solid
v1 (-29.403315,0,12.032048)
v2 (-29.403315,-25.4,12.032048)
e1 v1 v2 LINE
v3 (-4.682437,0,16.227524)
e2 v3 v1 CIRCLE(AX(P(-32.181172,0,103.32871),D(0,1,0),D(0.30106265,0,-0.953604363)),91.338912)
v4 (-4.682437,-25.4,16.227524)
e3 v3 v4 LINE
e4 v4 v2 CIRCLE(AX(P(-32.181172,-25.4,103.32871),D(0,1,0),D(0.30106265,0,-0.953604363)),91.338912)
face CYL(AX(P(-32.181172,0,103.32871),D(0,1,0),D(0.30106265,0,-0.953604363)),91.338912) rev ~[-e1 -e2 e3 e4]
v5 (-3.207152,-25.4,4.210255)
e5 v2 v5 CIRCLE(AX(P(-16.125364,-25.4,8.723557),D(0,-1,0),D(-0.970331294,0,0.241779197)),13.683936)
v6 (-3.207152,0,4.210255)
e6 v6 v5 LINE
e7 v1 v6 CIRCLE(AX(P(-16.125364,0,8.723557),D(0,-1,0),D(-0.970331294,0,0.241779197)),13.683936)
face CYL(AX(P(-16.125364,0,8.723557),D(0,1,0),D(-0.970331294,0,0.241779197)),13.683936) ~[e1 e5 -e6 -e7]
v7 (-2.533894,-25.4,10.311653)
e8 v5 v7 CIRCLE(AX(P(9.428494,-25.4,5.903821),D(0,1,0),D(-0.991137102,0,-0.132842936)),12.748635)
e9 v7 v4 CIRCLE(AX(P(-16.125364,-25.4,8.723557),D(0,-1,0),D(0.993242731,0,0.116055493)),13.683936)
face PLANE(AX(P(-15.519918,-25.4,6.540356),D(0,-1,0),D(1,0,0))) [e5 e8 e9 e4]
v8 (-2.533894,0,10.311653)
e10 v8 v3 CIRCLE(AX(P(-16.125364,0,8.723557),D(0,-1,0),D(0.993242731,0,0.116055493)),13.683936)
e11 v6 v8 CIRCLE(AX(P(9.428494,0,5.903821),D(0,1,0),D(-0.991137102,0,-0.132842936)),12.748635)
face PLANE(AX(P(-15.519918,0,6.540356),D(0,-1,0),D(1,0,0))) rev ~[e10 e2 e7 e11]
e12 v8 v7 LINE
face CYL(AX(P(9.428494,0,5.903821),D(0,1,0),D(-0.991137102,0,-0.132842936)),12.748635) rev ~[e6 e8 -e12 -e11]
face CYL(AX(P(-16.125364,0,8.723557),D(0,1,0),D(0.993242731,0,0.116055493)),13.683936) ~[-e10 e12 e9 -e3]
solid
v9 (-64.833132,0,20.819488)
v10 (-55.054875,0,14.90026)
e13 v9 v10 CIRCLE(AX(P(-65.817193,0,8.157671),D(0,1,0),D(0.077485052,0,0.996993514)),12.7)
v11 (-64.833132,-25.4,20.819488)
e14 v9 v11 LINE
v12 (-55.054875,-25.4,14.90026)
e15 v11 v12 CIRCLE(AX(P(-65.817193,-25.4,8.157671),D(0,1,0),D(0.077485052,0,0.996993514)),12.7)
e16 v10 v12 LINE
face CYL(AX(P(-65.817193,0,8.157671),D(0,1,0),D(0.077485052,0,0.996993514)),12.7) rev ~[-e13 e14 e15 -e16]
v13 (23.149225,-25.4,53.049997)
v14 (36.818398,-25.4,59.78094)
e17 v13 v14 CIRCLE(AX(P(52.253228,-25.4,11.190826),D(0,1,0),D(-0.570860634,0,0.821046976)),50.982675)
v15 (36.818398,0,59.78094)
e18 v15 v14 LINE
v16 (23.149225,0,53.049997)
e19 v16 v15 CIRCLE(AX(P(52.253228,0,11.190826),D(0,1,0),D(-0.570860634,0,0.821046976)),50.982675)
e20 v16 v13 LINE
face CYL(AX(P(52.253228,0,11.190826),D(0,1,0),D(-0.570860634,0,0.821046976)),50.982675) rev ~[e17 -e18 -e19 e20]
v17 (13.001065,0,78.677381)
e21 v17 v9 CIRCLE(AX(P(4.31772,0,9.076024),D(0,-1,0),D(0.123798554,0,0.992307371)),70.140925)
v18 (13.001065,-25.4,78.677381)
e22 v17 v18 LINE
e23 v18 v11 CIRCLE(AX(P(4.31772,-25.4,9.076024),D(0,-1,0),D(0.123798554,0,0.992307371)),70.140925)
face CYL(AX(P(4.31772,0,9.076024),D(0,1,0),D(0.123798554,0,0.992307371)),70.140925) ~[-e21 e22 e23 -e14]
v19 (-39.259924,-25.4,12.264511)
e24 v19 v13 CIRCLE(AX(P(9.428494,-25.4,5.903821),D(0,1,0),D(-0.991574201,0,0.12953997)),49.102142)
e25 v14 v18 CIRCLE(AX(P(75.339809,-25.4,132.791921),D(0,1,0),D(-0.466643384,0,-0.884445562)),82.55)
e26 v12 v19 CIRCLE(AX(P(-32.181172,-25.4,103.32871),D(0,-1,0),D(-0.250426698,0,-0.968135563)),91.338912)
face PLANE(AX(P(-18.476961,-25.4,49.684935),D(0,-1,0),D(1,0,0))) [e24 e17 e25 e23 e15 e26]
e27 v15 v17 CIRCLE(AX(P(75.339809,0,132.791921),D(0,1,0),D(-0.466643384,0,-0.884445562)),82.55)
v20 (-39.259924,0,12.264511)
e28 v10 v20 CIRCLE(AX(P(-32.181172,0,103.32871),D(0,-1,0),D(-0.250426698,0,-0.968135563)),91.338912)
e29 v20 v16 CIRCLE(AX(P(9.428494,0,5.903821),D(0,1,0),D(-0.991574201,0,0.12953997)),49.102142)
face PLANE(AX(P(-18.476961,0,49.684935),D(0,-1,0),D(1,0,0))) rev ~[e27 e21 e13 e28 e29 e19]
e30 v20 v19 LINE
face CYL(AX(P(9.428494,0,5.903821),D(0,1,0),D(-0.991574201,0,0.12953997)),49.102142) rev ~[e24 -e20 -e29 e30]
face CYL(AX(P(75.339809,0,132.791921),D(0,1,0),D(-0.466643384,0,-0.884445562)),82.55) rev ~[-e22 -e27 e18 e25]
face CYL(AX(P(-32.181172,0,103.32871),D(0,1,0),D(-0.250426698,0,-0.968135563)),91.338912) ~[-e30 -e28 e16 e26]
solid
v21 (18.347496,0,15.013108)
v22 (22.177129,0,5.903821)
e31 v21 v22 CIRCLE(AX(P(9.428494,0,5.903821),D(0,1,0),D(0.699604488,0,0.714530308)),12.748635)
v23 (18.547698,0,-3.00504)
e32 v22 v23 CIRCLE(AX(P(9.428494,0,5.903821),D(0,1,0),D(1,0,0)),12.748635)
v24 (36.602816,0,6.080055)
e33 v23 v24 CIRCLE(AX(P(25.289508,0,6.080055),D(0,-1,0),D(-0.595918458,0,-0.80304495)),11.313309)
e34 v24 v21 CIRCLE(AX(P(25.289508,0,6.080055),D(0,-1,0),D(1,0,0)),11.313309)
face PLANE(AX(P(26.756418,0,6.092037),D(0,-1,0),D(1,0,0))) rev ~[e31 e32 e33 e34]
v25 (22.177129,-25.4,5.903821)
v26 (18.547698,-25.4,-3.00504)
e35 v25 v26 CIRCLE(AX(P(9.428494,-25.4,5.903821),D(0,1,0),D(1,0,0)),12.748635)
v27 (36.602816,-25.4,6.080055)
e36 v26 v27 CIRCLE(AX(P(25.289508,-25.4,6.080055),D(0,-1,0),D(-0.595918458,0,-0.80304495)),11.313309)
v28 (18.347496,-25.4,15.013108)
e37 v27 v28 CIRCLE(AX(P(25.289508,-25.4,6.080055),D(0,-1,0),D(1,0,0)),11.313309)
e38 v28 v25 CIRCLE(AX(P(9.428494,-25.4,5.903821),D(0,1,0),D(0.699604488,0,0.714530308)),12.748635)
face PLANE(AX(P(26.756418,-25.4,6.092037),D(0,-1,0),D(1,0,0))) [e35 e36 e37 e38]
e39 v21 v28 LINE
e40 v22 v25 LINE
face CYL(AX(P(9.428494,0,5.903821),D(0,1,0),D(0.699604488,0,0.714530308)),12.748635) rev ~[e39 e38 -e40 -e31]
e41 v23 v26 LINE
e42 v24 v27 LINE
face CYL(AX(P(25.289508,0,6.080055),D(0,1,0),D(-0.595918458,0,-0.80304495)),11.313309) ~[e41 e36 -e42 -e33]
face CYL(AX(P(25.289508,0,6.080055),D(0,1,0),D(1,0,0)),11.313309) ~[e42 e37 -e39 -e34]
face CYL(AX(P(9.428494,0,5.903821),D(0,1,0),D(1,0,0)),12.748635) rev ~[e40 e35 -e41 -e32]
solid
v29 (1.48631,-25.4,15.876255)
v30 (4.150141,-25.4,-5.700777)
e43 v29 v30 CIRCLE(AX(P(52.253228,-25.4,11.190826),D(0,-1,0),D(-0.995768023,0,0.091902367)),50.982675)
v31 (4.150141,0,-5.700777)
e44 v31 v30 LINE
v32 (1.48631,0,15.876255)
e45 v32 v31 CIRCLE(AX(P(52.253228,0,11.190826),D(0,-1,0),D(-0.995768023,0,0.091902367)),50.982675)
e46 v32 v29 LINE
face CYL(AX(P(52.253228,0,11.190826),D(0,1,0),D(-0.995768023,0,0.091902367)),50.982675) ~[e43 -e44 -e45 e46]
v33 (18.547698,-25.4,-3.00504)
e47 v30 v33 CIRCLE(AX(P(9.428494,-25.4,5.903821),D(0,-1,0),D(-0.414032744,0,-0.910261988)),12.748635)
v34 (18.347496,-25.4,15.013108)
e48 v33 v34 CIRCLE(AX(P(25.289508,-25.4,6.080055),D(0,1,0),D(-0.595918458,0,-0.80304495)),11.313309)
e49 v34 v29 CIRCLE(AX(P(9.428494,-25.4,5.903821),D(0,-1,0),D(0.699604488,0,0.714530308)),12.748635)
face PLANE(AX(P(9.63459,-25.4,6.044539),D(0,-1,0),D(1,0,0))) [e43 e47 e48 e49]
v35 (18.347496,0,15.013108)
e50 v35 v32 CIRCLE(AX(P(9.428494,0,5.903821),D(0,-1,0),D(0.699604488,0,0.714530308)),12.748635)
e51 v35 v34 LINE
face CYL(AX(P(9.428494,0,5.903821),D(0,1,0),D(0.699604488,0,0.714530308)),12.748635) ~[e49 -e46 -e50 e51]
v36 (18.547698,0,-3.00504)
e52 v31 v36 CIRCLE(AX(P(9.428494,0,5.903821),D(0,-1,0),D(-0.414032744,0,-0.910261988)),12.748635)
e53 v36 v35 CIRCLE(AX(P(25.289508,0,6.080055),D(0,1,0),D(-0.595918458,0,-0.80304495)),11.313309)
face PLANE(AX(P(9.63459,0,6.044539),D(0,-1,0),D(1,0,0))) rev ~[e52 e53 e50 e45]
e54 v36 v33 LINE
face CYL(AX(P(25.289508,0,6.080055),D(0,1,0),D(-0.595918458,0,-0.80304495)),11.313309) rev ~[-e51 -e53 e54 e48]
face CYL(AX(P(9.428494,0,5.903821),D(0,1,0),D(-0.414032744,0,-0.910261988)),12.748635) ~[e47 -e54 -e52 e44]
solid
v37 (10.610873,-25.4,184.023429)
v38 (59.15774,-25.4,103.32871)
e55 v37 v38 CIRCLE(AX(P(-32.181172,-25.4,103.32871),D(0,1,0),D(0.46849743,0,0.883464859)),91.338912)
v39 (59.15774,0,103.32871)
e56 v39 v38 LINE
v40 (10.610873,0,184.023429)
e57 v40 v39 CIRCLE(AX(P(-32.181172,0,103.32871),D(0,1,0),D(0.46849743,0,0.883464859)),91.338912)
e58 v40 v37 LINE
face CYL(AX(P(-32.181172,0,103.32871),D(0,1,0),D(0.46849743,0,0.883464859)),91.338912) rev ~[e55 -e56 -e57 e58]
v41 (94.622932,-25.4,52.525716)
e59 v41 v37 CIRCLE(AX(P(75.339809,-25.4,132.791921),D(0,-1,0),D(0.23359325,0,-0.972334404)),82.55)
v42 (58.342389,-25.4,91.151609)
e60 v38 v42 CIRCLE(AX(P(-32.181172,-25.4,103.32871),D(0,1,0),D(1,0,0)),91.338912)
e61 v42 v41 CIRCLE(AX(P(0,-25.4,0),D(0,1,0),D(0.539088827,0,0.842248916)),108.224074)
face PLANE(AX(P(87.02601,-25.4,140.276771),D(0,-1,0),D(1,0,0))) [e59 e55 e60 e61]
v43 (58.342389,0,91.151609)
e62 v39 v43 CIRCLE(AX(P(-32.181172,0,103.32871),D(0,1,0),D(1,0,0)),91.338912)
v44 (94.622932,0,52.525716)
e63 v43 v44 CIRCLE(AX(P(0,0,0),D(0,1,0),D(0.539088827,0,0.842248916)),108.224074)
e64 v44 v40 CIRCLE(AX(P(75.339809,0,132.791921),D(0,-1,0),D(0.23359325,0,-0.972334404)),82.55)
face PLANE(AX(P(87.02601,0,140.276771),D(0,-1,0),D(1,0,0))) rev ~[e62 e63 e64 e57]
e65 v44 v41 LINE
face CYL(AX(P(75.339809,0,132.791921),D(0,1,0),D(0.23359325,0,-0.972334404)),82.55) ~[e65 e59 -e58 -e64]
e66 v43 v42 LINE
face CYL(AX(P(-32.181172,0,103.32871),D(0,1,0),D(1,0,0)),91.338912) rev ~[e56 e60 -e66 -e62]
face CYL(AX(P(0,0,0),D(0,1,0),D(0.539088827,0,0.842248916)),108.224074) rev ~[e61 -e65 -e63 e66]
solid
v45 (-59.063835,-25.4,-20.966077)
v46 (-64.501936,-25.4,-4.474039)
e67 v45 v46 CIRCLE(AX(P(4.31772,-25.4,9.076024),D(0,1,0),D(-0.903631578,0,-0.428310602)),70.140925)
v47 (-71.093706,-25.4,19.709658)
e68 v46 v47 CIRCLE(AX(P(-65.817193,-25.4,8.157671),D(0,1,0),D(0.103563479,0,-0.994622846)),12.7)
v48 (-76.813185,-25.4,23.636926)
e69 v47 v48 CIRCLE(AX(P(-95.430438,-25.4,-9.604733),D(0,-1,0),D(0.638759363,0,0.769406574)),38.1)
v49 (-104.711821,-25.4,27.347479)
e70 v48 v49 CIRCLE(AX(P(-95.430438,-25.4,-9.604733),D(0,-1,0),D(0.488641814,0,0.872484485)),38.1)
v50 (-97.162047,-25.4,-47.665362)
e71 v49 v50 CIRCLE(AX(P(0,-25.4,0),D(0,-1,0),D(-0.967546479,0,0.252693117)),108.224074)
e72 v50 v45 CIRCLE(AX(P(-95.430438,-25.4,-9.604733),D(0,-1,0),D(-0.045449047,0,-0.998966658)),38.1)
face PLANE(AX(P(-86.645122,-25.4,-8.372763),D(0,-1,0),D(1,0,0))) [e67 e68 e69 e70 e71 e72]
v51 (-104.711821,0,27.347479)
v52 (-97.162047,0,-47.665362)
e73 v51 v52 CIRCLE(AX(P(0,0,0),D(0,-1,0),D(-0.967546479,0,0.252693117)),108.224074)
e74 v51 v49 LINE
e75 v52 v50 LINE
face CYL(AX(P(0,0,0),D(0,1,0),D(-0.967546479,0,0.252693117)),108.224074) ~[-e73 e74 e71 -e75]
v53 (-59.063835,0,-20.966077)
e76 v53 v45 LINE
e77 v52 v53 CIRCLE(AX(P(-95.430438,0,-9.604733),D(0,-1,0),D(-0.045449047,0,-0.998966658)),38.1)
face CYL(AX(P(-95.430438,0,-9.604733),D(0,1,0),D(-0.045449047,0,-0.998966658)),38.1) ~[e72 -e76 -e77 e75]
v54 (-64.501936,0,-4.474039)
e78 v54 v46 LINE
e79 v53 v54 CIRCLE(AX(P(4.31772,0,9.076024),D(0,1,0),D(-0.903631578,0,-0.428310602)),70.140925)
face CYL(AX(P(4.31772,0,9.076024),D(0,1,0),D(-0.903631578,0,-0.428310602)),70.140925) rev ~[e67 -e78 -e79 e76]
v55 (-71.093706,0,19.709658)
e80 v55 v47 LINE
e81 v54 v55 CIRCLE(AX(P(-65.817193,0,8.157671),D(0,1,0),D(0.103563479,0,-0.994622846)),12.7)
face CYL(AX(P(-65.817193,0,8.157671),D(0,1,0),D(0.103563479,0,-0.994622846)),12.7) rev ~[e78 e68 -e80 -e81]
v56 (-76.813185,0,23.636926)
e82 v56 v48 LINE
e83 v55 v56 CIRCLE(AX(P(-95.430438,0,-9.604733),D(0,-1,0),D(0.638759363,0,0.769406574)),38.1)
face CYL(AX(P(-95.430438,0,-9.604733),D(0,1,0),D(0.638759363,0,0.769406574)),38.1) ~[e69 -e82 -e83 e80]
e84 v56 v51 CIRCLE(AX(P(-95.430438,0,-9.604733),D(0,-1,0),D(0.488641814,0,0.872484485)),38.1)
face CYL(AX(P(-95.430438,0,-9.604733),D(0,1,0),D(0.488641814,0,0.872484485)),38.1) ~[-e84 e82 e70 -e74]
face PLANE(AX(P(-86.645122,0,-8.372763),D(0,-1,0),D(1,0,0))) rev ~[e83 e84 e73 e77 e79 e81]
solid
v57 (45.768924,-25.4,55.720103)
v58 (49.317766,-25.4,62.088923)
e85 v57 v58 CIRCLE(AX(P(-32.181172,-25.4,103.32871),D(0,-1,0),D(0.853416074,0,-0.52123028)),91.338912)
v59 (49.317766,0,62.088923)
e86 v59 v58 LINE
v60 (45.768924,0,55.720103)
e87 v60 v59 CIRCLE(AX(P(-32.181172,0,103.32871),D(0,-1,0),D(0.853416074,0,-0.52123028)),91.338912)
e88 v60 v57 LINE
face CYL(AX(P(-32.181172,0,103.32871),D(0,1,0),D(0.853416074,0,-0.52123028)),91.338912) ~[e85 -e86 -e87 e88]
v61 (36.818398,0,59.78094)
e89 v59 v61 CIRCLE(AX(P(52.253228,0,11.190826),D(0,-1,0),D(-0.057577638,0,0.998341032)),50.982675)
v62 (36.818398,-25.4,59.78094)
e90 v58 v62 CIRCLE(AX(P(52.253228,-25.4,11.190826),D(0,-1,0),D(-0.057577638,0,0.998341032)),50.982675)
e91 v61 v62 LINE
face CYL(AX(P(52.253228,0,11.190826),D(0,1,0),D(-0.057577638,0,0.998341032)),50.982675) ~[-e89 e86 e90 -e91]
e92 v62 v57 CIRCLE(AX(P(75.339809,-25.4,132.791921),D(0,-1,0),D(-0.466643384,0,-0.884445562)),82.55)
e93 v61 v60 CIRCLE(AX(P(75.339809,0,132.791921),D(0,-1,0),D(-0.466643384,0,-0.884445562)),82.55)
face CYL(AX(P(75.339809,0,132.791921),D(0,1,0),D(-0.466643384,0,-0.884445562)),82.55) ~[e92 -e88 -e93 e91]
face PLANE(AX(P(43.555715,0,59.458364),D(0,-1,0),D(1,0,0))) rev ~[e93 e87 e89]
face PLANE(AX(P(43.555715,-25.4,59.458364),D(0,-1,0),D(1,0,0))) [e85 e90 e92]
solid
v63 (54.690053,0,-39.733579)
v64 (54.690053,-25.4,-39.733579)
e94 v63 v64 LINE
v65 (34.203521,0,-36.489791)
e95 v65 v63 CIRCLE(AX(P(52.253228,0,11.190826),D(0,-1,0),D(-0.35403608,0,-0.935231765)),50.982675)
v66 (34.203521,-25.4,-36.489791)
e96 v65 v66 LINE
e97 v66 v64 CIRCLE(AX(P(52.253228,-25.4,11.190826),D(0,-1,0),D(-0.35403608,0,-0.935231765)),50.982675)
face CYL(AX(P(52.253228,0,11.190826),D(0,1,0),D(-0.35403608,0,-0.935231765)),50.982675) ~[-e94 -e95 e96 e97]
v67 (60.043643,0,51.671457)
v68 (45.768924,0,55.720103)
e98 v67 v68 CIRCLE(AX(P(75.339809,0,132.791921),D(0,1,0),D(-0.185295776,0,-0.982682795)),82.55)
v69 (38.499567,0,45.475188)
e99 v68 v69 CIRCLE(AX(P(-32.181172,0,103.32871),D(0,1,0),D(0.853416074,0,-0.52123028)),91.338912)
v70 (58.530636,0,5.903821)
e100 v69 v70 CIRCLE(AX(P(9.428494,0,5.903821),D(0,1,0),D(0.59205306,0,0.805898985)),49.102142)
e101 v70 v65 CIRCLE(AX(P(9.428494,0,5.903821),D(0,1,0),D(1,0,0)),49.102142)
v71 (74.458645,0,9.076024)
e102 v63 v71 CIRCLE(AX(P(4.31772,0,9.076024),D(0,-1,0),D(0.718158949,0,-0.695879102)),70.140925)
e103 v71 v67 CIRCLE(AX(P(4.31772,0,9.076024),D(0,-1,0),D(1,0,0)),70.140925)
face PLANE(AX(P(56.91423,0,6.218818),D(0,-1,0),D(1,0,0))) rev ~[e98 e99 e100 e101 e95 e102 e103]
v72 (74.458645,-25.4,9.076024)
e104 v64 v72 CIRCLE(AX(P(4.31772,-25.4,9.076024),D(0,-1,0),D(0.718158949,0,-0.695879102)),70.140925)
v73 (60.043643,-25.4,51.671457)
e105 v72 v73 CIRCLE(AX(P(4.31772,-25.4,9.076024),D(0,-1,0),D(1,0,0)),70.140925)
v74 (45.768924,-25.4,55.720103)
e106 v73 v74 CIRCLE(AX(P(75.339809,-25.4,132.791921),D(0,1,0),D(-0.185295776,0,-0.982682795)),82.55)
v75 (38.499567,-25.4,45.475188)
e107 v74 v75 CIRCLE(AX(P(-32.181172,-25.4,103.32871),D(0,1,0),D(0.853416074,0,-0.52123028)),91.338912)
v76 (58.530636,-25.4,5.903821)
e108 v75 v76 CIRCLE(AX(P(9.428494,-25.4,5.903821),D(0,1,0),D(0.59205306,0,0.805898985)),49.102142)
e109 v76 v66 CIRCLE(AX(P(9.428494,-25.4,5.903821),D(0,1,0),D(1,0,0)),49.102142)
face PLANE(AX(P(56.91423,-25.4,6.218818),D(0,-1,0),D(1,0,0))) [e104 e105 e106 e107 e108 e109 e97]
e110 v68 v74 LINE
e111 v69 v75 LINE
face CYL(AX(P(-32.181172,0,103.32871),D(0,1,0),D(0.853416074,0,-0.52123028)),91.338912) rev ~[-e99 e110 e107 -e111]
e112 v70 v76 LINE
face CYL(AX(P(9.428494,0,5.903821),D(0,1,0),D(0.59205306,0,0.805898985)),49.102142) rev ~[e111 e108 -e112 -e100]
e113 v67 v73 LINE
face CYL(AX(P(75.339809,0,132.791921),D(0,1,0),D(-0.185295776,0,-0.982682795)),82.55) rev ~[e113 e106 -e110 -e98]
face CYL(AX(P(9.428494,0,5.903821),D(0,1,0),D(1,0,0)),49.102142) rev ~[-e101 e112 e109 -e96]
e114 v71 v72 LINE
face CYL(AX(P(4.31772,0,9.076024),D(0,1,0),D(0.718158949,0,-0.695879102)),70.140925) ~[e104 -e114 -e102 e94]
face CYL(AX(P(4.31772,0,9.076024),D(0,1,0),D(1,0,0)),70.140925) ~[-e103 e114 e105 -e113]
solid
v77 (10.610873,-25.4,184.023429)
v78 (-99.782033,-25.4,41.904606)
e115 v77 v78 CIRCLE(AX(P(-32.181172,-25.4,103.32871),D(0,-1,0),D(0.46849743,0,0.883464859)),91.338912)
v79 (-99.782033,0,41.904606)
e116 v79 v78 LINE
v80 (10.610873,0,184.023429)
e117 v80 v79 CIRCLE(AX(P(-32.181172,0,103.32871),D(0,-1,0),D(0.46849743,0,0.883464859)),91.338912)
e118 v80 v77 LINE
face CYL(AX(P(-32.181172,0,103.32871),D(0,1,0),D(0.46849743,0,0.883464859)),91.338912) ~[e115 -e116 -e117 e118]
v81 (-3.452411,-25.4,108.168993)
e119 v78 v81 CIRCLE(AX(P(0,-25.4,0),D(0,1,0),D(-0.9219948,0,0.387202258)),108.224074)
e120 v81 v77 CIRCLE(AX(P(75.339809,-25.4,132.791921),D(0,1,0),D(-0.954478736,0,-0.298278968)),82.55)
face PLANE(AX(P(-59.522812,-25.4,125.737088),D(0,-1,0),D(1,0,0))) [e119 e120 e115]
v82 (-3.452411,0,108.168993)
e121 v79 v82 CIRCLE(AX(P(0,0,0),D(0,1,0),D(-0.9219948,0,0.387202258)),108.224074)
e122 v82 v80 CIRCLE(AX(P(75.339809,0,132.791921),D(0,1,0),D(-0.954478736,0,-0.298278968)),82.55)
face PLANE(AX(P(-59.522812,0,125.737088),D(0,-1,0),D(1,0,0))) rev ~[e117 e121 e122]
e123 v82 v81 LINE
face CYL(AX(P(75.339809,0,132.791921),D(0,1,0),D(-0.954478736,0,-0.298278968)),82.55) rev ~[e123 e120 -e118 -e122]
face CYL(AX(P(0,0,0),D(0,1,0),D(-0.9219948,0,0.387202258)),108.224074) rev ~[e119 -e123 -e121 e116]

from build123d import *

# Parameters (mm, degrees)
F1_DEPTH = 25.4


with BuildPart() as f1:
    # F0 (on Front) → F1 (new body)
    with BuildSketch(Plane.XZ):
        with BuildLine():
            ThreePointArc((-99.7820331485, 41.9046056954), (-61.3357957407, 89.1648488956), (-3.4524105865, 108.1689926868))
            ThreePointArc((-3.4524105865, 108.1689926868), (-5.8270215594, 147.8401143177), (10.6108733792, 184.0234292394))
            ThreePointArc((10.6108733792, 184.0234292394), (-104.3151403106, 159.3598404599), (-99.7820331485, 41.9046056954))
        make_face()
    extrude(amount=F1_DEPTH)


with BuildPart() as f1b:
    # F0 (on Front) → F1, piece 2 (new body)
    with BuildSketch(Plane.XZ):
        with BuildLine():
            ThreePointArc((58.3423888694, 91.1516087556), (78.8833773673, 74.0936089879), (94.6229318461, 52.5257164309))
            ThreePointArc((94.6229318461, 52.5257164309), (140.1716079168, 81.6906460034), (157.8898090601, 132.7919214964))
            ThreePointArc((157.8898090601, 132.7919214964), (102.4611001387, 210.7594664765), (10.6108733792, 184.0234292394))
            ThreePointArc((10.6108733792, 184.0234292394), (46.0856017069, 150.4148967438), (59.157740084, 103.3287097598))
            ThreePointArc((59.157740084, 103.3287097598), (58.9536743226, 97.2265260017), (58.3423888694, 91.1516087556))
        make_face()
    extrude(amount=F1_DEPTH)


with BuildPart() as f1c:
    # F0 (on Front) → F1, piece 3 (new body)
    with BuildSketch(Plane.XZ):
        with BuildLine():
            ThreePointArc((74.4586447254, 9.0760244057), (70.7572303544, 31.5602585606), (60.0436427222, 51.6714567827))
            ThreePointArc((60.0436427222, 51.6714567827), (52.8151344484, 53.3744074731), (45.7689236688, 55.7201028))
            ThreePointArc((45.7689236688, 55.7201028), (42.3105782073, 50.4725272902), (38.4995673568, 45.4751881623))
            ThreePointArc((38.4995673568, 45.4751881623), (53.2375817136, 28.0800292912), (58.5306360879, 5.9038214386))
            ThreePointArc((58.5306360879, 5.9038214386), (52.0167979168, -18.5350150987), (34.2035211398, -36.489791329))
            ThreePointArc((34.2035211398, -36.489791329), (44.2800816804, -39.1645323798), (54.690052746, -39.7335793301))
            ThreePointArc((54.690052746, -39.7335793301), (69.3289164232, -17.2544458033), (74.4586447254, 9.0760244057))
        make_face()
    extrude(amount=F1_DEPTH)


with BuildPart() as f1d:
    # F0 (on Front) → F1, piece 4 (new body)
    with BuildSketch(Plane.XZ):
        with BuildLine():
            ThreePointArc((-29.403315449, 12.0320480209), (-20.0403946845, -4.3883703228), (-3.2071519288, 4.2102552739))
            ThreePointArc((-3.2071519288, 4.2102552739), (-3.2432298935, 7.3020803493), (-2.5338943744, 10.3116529165))
            ThreePointArc((-2.5338943744, 10.3116529165), (-3.263418859, 13.3947948144), (-4.6824373408, 16.2275243257))
            ThreePointArc((-4.6824373408, 16.2275243257), (-16.8982240165, 13.2774553399), (-29.403315449, 12.0320480209))
        make_face()
    extrude(amount=F1_DEPTH)


with BuildPart() as f1e:
    # F0 (on Front) → F1, piece 5 (new body)
    with BuildSketch(Plane.XZ):
        with BuildLine():
            ThreePointArc((36.8183977077, 59.7809403537), (24.032289088, 68.1232204556), (13.0010649902, 78.6773810494))
            ThreePointArc((13.0010649902, 78.6773810494), (-37.5267993685, 65.3679912413), (-64.8331324057, 20.8194883509))
            ThreePointArc((-64.8331324057, 20.8194883509), (-59.2404407457, 19.0221235644), (-55.0548746869, 14.9002602786))
            ThreePointArc((-55.0548746869, 14.9002602786), (-47.2152724966, 13.2355759025), (-39.2599239536, 12.2645114688))
            ThreePointArc((-39.2599239536, 12.2645114688), (-17.4331654783, 47.0070044847), (23.1492253152, 53.0499974504))
            ThreePointArc((23.1492253152, 53.0499974504), (29.7309432803, 56.9289927119), (36.8183977077, 59.7809403537))
        make_face()
    extrude(amount=F1_DEPTH)


with BuildPart() as f1f:
    # F0 (on Front) → F1, piece 6 (new body)
    with BuildSketch(Plane.XZ):
        with BuildLine():
            ThreePointArc((-104.7118213733, 27.3474785386), (-107.6800642713, -10.8376139555), (-97.1620467852, -47.6653624998))
            ThreePointArc((-97.1620467852, -47.6653624998), (-73.5647417971, -40.8057155829), (-59.0638345717, -20.9660772756))
            ThreePointArc((-59.0638345717, -20.9660772756), (-62.2952432462, -12.8890037347), (-64.5019363793, -4.4740394196))
            ThreePointArc((-64.5019363793, -4.4740394196), (-78.0701796096, 4.8178640714), (-71.0937063768, 19.7096576529))
            ThreePointArc((-71.0937063768, 19.7096576529), (-73.8638652855, 21.8037522882), (-76.8131849715, 23.6369260691))
            ThreePointArc((-76.8131849715, 23.6369260691), (-90.4073248826, 28.1626914149), (-104.7118213733, 27.3474785386))
        make_face()
    extrude(amount=F1_DEPTH)


with BuildPart() as f1g:
    # F0 (on Front) → F1, piece 7 (new body)
    with BuildSketch(Plane.XZ):
        with BuildLine():
            ThreePointArc((1.486309893, 15.8762545912), (1.6546949988, 4.9440931272), (4.1501411522, -5.7007768258))
            ThreePointArc((4.1501411522, -5.7007768258), (11.7747214788, -6.6270572768), (18.5476981544, -3.0050402169))
            ThreePointArc((18.5476981544, -3.0050402169), (13.9768972457, 5.9543593183), (18.3474962622, 15.0131078641))
            ThreePointArc((18.3474962622, 15.0131078641), (10.0802599781, 18.6357854253), (1.486309893, 15.8762545912))
        make_face()
    extrude(amount=F1_DEPTH)


with BuildPart() as f1h:
    # F0 (on Front) → F1, piece 8 (new body)
    with BuildSketch(Plane.XZ):
        with BuildLine():
            ThreePointArc((22.1771291455, 5.9038214386), (21.2349563131, 1.0939205738), (18.5476981544, -3.0050402169))
            ThreePointArc((18.5476981544, -3.0050402169), (30.374720524, -4.0259609568), (36.6028162094, 6.0800551437))
            ThreePointArc((36.6028162094, 6.0800551437), (30.2621243748, 16.2419464204), (18.3474962622, 15.0131078641))
            ThreePointArc((18.3474962622, 15.0131078641), (21.1807874746, 10.8446004056), (22.1771291455, 5.9038214386))
        make_face()
    extrude(amount=F1_DEPTH)


with BuildPart() as f1i:
    # F0 (on Front) → F1, piece 9 (new body)
    with BuildSketch(Plane.XZ):
        with BuildLine():
            ThreePointArc((45.7689236688, 55.7201028), (47.6069162219, 58.8690893402), (49.3177656338, 62.0889227436))
            ThreePointArc((49.3177656338, 62.0889227436), (42.9958736904, 61.3259891744), (36.8183977077, 59.7809403537))
            ThreePointArc((36.8183977077, 59.7809403537), (41.2331701262, 57.6171938239), (45.7689236688, 55.7201028))
        make_face()
    extrude(amount=F1_DEPTH)


solid = Compound([f1.part, f1b.part, f1c.part, f1d.part, f1e.part, f1f.part, f1g.part, f1h.part, f1i.part])
